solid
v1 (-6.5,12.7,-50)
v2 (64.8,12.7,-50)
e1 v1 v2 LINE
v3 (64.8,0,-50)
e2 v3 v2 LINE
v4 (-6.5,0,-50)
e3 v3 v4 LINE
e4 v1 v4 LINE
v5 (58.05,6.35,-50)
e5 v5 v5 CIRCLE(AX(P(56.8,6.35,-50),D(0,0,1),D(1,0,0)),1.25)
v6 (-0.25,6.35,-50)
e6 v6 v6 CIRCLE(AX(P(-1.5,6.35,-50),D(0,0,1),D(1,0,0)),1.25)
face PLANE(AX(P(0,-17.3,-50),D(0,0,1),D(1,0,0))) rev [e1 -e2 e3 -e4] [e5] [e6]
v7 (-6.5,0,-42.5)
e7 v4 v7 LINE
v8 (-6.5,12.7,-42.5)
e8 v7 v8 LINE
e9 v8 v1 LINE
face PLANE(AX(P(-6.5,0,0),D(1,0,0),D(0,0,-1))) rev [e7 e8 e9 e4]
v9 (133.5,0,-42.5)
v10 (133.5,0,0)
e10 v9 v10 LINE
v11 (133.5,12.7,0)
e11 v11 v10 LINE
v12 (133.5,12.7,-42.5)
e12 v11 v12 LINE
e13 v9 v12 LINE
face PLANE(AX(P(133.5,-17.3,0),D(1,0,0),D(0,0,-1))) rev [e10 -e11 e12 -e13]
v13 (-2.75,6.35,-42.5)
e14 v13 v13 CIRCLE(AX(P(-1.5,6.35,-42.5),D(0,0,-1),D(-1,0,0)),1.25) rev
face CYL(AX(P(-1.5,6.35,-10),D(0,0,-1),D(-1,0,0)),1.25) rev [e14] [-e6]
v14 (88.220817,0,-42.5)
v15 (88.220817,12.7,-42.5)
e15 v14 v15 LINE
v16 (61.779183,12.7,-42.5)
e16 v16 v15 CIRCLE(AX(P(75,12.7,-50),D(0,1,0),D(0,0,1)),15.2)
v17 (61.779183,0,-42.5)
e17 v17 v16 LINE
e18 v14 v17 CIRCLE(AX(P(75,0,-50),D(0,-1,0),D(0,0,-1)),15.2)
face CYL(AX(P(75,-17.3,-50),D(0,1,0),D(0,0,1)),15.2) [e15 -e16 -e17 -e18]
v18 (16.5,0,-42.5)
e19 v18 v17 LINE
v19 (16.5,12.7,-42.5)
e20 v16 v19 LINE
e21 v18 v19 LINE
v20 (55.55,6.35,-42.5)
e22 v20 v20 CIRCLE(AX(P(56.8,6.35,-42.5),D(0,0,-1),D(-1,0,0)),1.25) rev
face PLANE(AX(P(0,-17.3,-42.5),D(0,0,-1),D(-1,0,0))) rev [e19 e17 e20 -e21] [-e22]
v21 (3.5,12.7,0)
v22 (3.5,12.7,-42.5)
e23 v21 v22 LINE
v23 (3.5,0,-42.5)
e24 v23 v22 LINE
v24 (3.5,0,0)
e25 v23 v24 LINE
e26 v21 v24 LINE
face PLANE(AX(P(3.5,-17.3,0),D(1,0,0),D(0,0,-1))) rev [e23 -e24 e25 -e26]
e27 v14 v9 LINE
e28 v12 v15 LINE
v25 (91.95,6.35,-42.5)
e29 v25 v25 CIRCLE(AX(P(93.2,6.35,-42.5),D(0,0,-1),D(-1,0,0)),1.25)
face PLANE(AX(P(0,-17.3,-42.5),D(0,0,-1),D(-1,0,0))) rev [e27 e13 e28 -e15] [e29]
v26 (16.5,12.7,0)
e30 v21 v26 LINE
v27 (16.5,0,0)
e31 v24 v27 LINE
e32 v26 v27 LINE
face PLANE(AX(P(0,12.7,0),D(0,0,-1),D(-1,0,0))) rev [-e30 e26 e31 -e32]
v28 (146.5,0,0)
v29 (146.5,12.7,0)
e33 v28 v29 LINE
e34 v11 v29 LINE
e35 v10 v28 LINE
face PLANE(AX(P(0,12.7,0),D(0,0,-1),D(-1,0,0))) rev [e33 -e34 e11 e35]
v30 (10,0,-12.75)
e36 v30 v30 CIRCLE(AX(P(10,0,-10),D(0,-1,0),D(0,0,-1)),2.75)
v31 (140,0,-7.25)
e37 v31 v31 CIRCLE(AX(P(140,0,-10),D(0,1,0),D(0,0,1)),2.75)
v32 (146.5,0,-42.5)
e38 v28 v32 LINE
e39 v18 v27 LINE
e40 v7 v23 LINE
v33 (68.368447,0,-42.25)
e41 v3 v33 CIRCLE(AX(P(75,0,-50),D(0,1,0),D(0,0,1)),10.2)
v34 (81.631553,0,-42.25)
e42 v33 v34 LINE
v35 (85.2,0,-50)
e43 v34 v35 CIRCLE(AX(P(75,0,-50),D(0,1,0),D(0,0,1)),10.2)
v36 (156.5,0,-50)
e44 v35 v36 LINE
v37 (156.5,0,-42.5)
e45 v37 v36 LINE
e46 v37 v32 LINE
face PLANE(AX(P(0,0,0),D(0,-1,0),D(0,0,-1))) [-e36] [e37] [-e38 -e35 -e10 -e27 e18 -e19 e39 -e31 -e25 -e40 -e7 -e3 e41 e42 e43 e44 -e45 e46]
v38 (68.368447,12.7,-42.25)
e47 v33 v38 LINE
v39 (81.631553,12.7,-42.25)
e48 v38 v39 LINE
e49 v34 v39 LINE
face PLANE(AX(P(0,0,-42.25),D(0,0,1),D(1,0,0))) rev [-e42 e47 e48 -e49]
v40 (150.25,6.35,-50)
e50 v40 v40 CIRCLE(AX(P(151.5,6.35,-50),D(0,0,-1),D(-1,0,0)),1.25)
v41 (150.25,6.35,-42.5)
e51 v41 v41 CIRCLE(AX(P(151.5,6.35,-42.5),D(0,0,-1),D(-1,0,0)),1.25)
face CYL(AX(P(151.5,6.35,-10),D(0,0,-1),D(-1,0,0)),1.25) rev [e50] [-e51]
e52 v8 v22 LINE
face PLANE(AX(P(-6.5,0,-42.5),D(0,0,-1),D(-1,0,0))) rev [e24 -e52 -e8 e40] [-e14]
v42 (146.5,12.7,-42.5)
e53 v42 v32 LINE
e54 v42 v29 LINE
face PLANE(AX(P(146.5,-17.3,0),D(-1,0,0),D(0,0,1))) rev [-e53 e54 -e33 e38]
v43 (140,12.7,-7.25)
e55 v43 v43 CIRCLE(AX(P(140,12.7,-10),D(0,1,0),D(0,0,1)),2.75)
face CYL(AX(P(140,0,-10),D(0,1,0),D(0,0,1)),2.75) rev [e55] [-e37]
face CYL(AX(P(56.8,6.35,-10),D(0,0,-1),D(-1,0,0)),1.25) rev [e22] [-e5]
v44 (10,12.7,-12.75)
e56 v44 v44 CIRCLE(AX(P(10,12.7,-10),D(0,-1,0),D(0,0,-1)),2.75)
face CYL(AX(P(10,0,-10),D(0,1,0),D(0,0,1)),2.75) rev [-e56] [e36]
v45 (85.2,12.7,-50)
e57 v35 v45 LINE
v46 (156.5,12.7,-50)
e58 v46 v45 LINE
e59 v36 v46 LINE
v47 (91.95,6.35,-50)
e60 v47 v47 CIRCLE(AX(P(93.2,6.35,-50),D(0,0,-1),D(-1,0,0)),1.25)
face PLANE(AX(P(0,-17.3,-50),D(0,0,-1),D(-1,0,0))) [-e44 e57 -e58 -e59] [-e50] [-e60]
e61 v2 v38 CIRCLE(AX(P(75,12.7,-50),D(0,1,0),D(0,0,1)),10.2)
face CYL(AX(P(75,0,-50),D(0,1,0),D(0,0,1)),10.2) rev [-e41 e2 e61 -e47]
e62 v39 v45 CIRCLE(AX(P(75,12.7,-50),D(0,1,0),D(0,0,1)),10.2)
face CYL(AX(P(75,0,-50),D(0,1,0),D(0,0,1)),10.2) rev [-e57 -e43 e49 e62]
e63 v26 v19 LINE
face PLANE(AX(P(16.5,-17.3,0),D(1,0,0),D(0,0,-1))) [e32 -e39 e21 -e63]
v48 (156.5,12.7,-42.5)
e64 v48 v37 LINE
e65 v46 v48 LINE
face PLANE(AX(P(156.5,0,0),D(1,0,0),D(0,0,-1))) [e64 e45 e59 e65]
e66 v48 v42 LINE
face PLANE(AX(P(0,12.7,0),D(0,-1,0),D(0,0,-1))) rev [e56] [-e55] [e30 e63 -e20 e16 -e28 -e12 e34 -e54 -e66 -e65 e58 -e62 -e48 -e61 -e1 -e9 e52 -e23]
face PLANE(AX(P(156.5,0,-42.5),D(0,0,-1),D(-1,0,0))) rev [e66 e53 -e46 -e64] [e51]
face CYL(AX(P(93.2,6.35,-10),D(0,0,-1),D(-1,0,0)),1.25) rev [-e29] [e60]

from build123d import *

# Parameters (mm, degrees)
SKETCH1_W           = 150
SKETCH1_H           = 100
BOSS_EXTRUDE1_DEPTH = 12.7
SKETCH2_W           = 13.263106726
SKETCH2_H           = 7.75
SKETCH2_R           = 2.75
CUT_EXTRUDE1_DEPTH  = 12.7
SKETCH3_R           = 2.75
CUT_EXTRUDE2_DEPTH  = 30
SKETCH5_W           = 7.5
SKETCH5_H           = 12.7
BOSS_EXTRUDE2_DEPTH = 10
SKETCH6_W           = 7.5
SKETCH6_H           = 12.7
BOSS_EXTRUDE3_DEPTH = 10
SKETCH4_R           = 1.25
CUT_EXTRUDE3_DEPTH  = 40


with BuildPart() as part:
    # Sketch1 → Boss-Extrude1 (new body)
    with BuildSketch(Plane(origin=(0, 0, 0), x_dir=(1, 0, 0), z_dir=(0, 1, 0))):
        with Locations((75, 50)):
            Rectangle(SKETCH1_W, SKETCH1_H)
    extrude(amount=BOSS_EXTRUDE1_DEPTH)

    # Sketch2 → Cut-Extrude1 (cut)
    with BuildSketch(Plane(origin=(0, 12.7, 0), x_dir=(1, 0, 0), z_dir=(0, 1, 0))):
        with BuildLine():
            ThreePointArc((81.631553363, 42.25), (84.265037623, 45.733962277), (85.2, 50))
            Line((85.2, 50), (81.631553363, 50))
            Line((81.631553363, 50), (81.631553363, 42.25))
        make_face()
        with BuildLine():
            Line((81.631553363, 50), (85.2, 50))
            ThreePointArc((85.2, 50), (84.265037623, 54.266037723), (81.631553363, 57.75))
            Line((81.631553363, 57.75), (81.631553363, 50))
        make_face()
        with BuildLine():
            Line((68.368446637, 42.25), (68.368446637, 50))
            Line((68.368446637, 50), (64.8, 50))
            ThreePointArc((64.8, 50), (65.734962377, 45.733962277), (68.368446637, 42.25))
        make_face()
        with BuildLine():
            Line((64.8, 50), (68.368446637, 50))
            Line((68.368446637, 50), (68.368446637, 57.75))
            ThreePointArc((68.368446637, 57.75), (65.734962377, 54.266037723), (64.8, 50))
        make_face()
        with Locations((75, 53.875)):
            Rectangle(SKETCH2_W, SKETCH2_H)
        with Locations((75, 46.125)):
            Rectangle(SKETCH2_W, SKETCH2_H)
        with Locations((10, 90)):
            Circle(SKETCH2_R)
        with Locations((140, 90)):
            Circle(SKETCH2_R)
        with Locations((140, 10)):
            Circle(SKETCH2_R)
        with Locations((10, 10)):
            Circle(SKETCH2_R)
    extrude(amount=-CUT_EXTRUDE1_DEPTH, mode=Mode.SUBTRACT)

    # Sketch3 → Cut-Extrude2 (cut)
    with BuildSketch(Plane(origin=(0, 12.7, 0), x_dir=(1, 0, 0), z_dir=(0, 1, 0))):
        with BuildLine():
            Line((133.5, 50), (146.5, 50))
            Line((146.5, 50), (146.5, 42.5))
            Line((146.5, 42.5), (146.5, 0))
            Line((146.5, 0), (150, 0))
            Line((150, 0), (150, 100))
            Line((150, 100), (0, 100))
            Line((0, 100), (0, 0))
            Line((0, 0), (3.5, 0))
            Line((3.5, 0), (3.5, 42.5))
            Line((3.5, 42.5), (3.5, 50))
            Line((3.5, 50), (16.5, 50))
            Line((16.5, 50), (59.8, 50))
            ThreePointArc((59.8, 50), (75, 65.2), (90.2, 50))
            Line((90.2, 50), (133.5, 50))
        make_face()
        with Locations((10, 90)):
            Circle(SKETCH3_R, mode=Mode.SUBTRACT)
        with Locations((140, 90)):
            Circle(SKETCH3_R, mode=Mode.SUBTRACT)
        with BuildLine():
            Line((85.2, 50), (90.2, 50))
            ThreePointArc((90.2, 50), (75, 65.2), (59.8, 50))
            Line((59.8, 50), (64.8, 50))
            ThreePointArc((64.8, 50), (65.734962377, 54.266037723), (68.368446637, 57.75))
            ThreePointArc((68.368446637, 57.75), (75, 60.2), (81.631553363, 57.75))
            ThreePointArc((81.631553363, 57.75), (84.265037623, 54.266037723), (85.2, 50))
        make_face()
        with BuildLine():
            Line((75, 50), (85.2, 50))
            ThreePointArc((85.2, 50), (84.265037623, 54.266037723), (81.631553363, 57.75))
            Line((81.631553363, 57.75), (68.368446637, 57.75))
            ThreePointArc((68.368446637, 57.75), (65.734962377, 54.266037723), (64.8, 50))
            Line((64.8, 50), (75, 50))
        make_face()
        with BuildLine():
            Line((133.5, 0), (133.5, 42.5))
            Line((133.5, 42.5), (88.220816919, 42.5))
            ThreePointArc((88.220816919, 42.5), (75, 34.8), (61.779183081, 42.5))
            Line((61.779183081, 42.5), (16.5, 42.5))
            Line((16.5, 42.5), (16.5, 0))
            Line((16.5, 0), (133.5, 0))
        make_face()
        with BuildLine():
            Line((75, 42.5), (75, 50))
            Line((75, 50), (64.8, 50))
            ThreePointArc((64.8, 50), (65.657812944, 45.90566965), (68.086968827, 42.5))
            Line((68.086968827, 42.5), (75, 42.5))
        make_face()
        with BuildLine():
            ThreePointArc((81.913031173, 42.5), (84.342187056, 45.90566965), (85.2, 50))
            Line((85.2, 50), (75, 50))
            Line((75, 50), (75, 42.5))
            Line((75, 42.5), (81.913031173, 42.5))
        make_face()
        with BuildLine():
            Line((68.368446637, 57.75), (81.631553363, 57.75))
            ThreePointArc((81.631553363, 57.75), (75, 60.2), (68.368446637, 57.75))
        make_face()
    extrude(amount=-CUT_EXTRUDE2_DEPTH, mode=Mode.SUBTRACT)

    # Sketch5 → Boss-Extrude2 (add)
    with BuildSketch(Plane(origin=(146.5, 0, 0), x_dir=(0, 0, -1), z_dir=(1, 0, 0))):
        with Locations((46.25, 6.35)):
            Rectangle(SKETCH5_W, SKETCH5_H)
    extrude(amount=BOSS_EXTRUDE2_DEPTH)

    # Sketch6 → Boss-Extrude3 (add)
    with BuildSketch(Plane.ZY.offset(-3.5)):
        with Locations((-46.25, 6.35)):
            Rectangle(SKETCH6_W, SKETCH6_H)
    extrude(amount=BOSS_EXTRUDE3_DEPTH)

    # Sketch4 → Cut-Extrude3 (cut)
    with BuildSketch(Plane(origin=(0, 0, -50), x_dir=(-1, 0, 0), z_dir=(0, 0, -1))):
        with Locations((-151.5, 6.35)):
            Circle(SKETCH4_R)
        with Locations((-93.2, 6.35)):
            Circle(SKETCH4_R)
        with Locations((-56.8, 6.35)):
            Circle(SKETCH4_R)
        with Locations((1.5, 6.35)):
            Circle(SKETCH4_R)
    extrude(amount=-CUT_EXTRUDE3_DEPTH, mode=Mode.SUBTRACT)


solid = part.part
